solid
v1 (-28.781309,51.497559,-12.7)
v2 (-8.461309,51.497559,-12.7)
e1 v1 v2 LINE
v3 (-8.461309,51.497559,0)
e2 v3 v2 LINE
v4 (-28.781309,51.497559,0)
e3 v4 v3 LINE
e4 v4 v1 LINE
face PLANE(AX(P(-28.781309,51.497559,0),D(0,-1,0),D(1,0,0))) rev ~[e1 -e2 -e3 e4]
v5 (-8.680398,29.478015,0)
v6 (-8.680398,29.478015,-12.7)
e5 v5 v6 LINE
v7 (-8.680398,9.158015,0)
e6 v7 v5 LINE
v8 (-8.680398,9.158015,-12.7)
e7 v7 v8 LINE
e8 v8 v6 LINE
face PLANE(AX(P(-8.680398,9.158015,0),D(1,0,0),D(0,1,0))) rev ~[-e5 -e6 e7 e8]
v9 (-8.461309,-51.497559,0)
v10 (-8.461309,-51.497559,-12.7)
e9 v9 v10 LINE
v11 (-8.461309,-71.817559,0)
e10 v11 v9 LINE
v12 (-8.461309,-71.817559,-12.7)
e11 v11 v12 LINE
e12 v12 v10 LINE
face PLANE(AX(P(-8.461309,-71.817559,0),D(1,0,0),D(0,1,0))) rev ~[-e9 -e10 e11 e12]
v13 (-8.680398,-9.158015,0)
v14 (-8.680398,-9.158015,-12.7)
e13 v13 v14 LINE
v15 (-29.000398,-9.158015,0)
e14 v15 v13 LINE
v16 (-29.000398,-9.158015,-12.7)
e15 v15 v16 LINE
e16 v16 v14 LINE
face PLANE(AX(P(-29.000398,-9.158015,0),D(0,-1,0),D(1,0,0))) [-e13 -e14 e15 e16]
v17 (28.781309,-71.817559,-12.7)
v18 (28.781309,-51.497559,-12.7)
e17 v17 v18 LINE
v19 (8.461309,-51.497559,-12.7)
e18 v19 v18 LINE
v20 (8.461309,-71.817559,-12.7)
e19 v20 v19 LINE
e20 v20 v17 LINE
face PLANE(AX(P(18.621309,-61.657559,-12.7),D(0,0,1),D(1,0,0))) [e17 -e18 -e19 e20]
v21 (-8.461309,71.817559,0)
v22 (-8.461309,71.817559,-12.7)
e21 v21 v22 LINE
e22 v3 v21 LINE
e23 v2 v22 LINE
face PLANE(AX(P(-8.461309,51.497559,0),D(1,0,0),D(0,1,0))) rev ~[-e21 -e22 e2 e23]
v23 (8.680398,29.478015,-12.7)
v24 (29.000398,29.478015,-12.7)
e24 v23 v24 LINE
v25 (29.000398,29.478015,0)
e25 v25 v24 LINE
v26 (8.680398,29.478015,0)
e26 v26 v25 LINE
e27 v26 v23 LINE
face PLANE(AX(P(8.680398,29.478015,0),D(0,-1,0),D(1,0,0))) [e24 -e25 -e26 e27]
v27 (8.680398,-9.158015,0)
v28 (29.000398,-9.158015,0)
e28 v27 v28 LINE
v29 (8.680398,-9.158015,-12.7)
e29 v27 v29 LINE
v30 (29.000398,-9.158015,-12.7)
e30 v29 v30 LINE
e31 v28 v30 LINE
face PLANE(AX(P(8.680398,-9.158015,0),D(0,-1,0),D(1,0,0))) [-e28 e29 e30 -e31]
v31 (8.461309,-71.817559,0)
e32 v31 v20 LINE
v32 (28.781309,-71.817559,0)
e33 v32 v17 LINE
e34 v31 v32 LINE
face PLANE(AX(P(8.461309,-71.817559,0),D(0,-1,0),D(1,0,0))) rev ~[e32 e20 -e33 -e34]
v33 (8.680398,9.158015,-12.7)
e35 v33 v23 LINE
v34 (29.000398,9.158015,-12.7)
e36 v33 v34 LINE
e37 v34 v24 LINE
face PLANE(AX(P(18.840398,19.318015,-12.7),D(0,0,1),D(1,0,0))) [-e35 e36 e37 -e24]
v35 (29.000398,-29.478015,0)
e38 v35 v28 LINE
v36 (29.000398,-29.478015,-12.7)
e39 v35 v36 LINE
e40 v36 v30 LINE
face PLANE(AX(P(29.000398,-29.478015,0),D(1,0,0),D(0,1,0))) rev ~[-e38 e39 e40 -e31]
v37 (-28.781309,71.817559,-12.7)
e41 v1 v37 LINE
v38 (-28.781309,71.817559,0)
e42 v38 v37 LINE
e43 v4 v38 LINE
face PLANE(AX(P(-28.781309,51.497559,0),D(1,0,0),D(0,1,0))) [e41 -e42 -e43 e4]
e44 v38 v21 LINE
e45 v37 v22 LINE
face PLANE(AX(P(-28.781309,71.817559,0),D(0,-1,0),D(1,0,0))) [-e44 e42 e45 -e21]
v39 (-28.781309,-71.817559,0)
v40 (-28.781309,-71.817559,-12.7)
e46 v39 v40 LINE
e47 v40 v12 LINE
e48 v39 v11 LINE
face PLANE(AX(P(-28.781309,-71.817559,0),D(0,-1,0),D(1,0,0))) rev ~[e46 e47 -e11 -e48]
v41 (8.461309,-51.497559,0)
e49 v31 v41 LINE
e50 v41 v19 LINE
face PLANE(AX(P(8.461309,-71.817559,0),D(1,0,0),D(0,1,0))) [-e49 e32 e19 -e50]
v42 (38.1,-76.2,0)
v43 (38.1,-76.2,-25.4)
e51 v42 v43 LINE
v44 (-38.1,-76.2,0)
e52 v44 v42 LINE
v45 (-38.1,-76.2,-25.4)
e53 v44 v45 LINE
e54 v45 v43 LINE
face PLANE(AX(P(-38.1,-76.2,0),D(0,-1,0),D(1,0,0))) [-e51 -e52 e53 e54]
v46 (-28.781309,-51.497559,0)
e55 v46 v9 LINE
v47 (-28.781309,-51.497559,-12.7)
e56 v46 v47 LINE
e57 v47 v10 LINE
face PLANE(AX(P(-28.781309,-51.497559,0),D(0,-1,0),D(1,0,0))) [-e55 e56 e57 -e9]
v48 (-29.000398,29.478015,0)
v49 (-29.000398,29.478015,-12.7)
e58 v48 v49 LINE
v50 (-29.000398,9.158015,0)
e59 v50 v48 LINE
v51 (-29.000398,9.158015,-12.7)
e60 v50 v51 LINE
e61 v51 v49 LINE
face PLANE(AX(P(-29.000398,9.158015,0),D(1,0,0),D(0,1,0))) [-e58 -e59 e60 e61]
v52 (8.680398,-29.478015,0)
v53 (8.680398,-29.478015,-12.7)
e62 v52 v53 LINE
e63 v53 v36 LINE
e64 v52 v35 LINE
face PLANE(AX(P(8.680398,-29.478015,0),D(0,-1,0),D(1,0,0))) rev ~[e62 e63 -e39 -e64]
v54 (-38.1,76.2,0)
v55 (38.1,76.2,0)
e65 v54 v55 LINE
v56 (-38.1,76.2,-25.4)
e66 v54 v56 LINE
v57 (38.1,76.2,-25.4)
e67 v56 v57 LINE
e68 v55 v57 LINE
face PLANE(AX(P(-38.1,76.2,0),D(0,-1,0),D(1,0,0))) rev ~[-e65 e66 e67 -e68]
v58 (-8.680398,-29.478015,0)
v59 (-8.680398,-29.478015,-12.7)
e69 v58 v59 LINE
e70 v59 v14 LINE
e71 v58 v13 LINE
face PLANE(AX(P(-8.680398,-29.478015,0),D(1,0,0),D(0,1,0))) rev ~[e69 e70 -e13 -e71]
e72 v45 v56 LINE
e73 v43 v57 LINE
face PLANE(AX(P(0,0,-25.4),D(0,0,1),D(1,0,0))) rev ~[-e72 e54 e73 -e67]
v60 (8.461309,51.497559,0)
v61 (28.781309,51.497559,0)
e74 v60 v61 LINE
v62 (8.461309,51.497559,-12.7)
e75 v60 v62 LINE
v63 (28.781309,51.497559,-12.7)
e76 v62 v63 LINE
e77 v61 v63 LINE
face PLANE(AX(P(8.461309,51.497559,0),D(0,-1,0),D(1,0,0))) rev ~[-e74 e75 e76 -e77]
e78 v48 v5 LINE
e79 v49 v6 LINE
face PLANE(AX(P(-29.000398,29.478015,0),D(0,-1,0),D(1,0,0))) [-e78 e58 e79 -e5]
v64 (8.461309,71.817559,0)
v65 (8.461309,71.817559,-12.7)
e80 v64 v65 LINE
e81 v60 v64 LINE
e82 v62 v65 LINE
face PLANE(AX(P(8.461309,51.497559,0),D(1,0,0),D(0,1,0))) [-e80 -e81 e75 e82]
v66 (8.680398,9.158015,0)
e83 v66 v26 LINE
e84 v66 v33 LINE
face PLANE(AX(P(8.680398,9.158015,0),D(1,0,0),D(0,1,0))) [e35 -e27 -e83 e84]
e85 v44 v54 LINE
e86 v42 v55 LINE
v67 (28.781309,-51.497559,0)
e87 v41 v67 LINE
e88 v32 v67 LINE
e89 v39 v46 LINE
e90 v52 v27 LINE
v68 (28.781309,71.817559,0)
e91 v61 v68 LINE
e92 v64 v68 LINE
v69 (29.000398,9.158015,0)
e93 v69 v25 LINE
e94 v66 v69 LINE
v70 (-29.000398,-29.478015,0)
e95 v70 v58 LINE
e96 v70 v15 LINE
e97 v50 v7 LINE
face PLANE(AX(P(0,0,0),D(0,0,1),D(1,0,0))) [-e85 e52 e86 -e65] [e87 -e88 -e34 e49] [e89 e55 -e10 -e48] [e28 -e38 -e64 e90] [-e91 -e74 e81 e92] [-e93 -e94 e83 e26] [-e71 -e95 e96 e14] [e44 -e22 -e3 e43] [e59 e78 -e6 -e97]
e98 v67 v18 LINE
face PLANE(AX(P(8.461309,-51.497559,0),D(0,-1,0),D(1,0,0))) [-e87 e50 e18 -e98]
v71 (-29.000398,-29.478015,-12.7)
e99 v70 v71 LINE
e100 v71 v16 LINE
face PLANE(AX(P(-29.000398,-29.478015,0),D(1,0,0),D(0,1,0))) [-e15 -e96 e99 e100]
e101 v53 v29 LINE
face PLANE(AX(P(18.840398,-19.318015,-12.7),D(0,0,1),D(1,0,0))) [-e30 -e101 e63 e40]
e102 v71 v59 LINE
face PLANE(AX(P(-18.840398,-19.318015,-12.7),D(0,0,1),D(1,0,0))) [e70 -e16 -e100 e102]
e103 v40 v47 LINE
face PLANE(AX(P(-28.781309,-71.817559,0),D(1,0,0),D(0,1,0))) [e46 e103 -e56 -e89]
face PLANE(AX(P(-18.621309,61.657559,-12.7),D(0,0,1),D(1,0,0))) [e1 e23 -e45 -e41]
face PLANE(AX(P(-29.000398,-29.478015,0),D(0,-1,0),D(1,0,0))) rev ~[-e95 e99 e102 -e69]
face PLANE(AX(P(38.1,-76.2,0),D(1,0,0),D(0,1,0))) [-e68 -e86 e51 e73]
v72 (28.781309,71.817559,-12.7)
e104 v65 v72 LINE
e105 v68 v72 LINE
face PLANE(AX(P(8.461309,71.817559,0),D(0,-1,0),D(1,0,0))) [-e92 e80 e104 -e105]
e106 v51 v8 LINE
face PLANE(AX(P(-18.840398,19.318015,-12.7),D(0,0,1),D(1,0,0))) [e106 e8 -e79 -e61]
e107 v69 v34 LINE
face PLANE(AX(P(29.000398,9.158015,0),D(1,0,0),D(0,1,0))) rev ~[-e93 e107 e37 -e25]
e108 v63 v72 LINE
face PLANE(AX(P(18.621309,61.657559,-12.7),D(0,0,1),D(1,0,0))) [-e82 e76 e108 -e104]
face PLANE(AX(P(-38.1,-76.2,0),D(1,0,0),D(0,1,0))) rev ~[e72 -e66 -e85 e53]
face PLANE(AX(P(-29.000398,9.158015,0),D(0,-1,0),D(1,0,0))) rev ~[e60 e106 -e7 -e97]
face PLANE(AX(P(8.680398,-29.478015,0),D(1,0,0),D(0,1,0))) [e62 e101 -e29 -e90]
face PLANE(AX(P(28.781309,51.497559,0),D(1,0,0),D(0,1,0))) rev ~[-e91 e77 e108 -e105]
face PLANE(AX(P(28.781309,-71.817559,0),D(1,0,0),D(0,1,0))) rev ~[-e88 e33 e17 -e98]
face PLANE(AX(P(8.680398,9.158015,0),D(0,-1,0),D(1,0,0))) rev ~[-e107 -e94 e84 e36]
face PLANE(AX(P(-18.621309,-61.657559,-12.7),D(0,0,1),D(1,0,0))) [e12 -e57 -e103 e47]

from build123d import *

# Parameters (mm, degrees)
F0_W     = 76.2
F0_H     = 152.4
F1_DEPTH = 25.4
F2_W     = 20.32
F2_H     = 20.32
F3_DEPTH = 12.7


with BuildPart() as f1:
    # F0 (on Top) → F1 (new body)
    with BuildSketch(Plane.XY):
        Rectangle(F0_W, F0_H)
    extrude(amount=-F1_DEPTH)

    # F2 (on face) → F3 (cut)
    with BuildSketch(Plane.XY):
        with Locations((-18.621309, 61.657559)):
            Rectangle(F2_W, F2_H)
        with Locations((18.621309, 61.657559)):
            Rectangle(F2_W, F2_H)
        with Locations((18.621309, -61.657559)):
            Rectangle(F2_W, F2_H)
        with Locations((-18.621309, -61.657559)):
            Rectangle(F2_W, F2_H)
        with Locations((-18.840398, 19.318015)):
            Rectangle(F2_W, F2_H)
        with Locations((18.840398, 19.318015)):
            Rectangle(F2_W, F2_H)
        with Locations((-18.840398, -19.318015)):
            Rectangle(F2_W, F2_H)
        with Locations((18.840398, -19.318015)):
            Rectangle(F2_W, F2_H)
    extrude(amount=-F3_DEPTH, mode=Mode.SUBTRACT)


solid = f1.part
